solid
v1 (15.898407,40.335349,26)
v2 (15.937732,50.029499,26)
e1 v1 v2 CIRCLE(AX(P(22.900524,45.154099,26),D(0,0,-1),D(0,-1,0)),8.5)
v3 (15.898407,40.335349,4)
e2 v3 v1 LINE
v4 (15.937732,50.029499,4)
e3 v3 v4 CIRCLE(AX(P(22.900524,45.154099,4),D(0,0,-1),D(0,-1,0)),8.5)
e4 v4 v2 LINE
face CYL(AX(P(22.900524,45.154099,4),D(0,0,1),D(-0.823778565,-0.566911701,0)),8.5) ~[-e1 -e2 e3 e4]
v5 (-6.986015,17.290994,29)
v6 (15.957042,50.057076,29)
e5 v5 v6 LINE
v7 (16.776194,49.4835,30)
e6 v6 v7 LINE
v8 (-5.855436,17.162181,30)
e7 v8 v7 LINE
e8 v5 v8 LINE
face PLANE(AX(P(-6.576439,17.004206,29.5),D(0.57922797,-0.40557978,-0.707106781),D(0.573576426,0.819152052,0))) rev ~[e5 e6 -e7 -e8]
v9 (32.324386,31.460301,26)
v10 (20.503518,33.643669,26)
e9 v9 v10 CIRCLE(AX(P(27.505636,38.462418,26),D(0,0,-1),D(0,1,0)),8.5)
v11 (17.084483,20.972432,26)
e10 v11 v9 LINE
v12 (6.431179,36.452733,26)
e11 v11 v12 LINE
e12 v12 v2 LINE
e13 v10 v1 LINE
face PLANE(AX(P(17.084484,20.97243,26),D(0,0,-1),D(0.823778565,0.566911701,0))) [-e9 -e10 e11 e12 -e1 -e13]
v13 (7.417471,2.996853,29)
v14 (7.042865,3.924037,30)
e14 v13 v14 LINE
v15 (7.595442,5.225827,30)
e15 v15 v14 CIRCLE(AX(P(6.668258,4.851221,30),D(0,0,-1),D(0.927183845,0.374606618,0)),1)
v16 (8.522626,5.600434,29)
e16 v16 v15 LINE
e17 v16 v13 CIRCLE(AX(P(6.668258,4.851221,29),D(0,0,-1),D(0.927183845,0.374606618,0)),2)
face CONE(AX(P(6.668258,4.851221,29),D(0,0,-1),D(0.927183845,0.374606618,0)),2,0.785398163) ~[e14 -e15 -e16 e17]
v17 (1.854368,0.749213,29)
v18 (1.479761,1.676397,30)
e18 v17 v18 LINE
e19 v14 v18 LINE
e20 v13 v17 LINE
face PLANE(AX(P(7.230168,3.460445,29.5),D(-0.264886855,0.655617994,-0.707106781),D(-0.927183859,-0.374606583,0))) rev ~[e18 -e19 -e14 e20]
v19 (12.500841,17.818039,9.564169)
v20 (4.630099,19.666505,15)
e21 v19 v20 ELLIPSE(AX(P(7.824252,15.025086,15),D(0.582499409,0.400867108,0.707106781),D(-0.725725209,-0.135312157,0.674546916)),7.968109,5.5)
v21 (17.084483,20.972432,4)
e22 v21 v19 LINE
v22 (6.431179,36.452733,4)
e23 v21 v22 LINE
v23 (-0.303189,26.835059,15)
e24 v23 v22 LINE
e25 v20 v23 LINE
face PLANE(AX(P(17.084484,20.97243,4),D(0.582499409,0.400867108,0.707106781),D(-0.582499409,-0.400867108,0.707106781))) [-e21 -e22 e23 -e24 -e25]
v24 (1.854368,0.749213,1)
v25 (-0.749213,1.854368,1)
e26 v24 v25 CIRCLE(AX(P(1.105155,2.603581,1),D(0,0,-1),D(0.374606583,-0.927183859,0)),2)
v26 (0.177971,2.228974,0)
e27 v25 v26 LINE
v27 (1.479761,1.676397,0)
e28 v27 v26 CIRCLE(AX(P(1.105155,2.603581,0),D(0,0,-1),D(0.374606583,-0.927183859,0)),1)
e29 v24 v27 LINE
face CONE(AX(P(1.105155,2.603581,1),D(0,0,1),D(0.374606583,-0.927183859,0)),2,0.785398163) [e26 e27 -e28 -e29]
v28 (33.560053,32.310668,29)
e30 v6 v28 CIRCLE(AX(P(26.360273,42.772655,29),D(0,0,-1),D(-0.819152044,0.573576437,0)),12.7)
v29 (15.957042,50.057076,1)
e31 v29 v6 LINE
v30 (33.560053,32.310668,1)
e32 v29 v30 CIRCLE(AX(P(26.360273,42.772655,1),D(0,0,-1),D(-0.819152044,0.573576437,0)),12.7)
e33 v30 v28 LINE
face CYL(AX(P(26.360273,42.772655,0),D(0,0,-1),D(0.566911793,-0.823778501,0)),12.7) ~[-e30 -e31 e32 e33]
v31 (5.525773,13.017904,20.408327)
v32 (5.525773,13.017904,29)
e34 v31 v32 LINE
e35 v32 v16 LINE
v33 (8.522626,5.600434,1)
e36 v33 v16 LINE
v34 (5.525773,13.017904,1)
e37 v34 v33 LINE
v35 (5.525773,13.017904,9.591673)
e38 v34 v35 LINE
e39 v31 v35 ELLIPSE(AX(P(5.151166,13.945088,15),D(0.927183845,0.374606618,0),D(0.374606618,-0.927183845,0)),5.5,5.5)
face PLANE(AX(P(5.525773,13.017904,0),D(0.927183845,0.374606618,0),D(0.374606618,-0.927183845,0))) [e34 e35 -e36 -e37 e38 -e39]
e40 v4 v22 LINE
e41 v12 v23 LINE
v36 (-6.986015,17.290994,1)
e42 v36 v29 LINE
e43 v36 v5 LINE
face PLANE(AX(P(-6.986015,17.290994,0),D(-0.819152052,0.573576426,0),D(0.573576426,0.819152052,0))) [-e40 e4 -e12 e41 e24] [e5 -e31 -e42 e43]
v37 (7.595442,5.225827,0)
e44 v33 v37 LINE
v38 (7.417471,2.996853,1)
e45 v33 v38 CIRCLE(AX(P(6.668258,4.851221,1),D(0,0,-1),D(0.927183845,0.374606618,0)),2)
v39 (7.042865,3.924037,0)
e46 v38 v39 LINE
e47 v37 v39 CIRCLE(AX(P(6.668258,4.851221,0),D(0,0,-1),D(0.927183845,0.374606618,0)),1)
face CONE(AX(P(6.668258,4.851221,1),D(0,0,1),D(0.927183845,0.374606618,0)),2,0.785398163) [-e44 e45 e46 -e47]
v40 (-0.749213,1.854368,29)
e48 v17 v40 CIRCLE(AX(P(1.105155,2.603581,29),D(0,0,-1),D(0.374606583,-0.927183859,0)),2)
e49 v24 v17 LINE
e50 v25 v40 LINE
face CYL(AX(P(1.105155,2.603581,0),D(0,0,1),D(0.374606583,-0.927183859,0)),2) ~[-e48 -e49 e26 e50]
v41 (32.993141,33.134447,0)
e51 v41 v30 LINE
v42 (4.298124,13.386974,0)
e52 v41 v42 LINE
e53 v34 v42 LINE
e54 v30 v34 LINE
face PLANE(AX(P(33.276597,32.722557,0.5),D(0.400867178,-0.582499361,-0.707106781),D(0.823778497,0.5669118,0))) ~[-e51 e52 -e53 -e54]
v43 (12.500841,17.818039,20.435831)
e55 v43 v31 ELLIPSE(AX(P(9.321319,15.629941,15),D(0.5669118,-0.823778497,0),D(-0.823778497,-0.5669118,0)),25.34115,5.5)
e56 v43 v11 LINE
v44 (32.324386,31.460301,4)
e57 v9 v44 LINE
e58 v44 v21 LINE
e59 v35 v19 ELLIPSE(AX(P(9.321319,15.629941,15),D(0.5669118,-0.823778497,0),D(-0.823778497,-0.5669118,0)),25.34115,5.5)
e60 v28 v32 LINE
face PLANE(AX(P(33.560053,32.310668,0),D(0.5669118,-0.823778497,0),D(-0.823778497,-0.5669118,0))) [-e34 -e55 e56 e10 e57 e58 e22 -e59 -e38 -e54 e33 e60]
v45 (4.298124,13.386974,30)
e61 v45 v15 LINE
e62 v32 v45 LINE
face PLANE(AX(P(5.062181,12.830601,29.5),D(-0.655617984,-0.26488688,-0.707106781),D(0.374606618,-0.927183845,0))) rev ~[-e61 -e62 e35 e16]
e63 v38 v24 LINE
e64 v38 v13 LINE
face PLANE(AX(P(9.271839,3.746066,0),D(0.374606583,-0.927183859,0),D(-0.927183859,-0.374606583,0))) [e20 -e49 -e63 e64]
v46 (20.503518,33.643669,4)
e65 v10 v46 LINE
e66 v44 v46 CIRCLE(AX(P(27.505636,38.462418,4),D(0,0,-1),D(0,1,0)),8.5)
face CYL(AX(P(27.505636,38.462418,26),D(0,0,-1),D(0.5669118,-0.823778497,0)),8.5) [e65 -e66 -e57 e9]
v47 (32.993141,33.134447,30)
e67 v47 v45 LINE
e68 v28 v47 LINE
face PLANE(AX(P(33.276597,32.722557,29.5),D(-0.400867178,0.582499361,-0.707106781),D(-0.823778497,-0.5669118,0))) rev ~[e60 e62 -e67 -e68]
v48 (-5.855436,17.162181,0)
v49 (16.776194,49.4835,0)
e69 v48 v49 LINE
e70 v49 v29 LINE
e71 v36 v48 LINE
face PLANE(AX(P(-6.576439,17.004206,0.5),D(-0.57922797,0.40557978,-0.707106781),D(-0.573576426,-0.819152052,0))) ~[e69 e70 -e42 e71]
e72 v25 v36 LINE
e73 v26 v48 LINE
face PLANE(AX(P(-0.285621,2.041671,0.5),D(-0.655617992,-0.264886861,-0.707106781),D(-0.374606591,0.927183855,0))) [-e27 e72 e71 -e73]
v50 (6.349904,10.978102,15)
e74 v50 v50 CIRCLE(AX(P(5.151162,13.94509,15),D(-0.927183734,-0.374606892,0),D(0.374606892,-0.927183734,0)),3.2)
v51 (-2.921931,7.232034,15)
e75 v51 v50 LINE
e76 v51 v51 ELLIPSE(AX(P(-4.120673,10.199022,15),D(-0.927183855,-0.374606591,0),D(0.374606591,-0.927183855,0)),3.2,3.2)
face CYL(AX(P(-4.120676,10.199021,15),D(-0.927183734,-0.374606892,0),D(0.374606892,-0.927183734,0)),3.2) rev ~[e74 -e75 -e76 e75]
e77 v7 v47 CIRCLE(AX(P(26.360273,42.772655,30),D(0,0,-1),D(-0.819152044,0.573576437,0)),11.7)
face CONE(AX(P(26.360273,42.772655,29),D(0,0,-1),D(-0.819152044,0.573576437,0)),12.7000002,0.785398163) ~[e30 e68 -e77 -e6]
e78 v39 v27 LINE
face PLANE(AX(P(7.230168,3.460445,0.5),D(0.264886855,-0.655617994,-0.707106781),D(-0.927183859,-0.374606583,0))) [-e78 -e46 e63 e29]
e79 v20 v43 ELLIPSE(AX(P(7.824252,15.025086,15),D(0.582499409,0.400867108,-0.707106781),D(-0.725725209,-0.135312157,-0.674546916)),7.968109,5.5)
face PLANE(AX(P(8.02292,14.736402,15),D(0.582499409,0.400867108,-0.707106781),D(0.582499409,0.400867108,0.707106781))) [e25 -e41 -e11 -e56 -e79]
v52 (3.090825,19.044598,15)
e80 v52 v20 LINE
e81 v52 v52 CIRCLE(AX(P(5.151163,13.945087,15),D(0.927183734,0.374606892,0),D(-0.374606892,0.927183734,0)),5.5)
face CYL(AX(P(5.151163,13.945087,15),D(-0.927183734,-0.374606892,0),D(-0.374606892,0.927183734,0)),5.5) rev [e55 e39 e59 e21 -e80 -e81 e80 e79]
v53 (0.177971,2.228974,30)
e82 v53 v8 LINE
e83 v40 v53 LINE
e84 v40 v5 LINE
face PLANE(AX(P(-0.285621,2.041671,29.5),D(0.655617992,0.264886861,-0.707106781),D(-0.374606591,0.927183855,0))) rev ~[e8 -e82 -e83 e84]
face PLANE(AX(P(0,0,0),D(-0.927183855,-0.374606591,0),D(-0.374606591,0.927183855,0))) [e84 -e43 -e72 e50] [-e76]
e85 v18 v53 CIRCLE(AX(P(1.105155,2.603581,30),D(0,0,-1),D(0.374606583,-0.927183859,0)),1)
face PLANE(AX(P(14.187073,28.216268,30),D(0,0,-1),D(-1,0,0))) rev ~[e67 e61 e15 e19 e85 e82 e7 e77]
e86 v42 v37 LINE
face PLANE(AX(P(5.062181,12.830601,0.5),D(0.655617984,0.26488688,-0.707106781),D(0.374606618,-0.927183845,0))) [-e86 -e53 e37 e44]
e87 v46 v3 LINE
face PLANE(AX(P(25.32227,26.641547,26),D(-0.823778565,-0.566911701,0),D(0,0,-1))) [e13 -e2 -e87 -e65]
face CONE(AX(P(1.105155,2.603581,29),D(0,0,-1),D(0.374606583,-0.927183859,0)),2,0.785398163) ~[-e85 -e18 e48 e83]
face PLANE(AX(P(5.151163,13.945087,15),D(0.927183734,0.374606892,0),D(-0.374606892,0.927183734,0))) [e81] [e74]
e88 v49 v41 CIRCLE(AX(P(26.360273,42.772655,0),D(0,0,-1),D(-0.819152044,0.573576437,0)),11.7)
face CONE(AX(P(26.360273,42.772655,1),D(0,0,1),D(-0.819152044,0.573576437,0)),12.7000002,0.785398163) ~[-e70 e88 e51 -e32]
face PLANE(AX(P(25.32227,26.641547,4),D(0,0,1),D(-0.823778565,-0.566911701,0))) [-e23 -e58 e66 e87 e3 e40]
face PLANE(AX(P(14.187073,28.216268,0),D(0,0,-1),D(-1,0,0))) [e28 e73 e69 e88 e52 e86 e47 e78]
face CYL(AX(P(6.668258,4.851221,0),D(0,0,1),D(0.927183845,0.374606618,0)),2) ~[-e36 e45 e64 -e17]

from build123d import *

# Parameters (mm, degrees)
PAD_DEPTH       = 30
POCKET_DEPTH    = 42.067391
FILLET_R        = 8.5
SKETCH002_R     = 3.2
POCKET001_DEPTH = 56.997477
SKETCH003_R     = 5.5
POCKET002_DEPTH = 46.997477
FILLET001_R     = 2
CHAMFER_SIZE    = 1


with BuildPart() as part:
    # Sketch → Pad (new body)
    with BuildSketch(Plane.XY):
        with BuildLine():
            Line((33.560053, 32.310668), (5.525773, 13.017904))
            Line((5.525773, 13.017904), (9.271839, 3.746066))
            Line((9.271839, 3.746066), (0, 0))
            Line((0, 0), (-6.986015, 17.290994))
            Line((-6.986015, 17.290994), (15.957042, 50.057076))
            ThreePointArc((33.560053, 32.310668), (35.376884, 51.716409), (15.957042, 50.057076))
        make_face()
    extrude(amount=PAD_DEPTH)

    # Sketch001 (on Face1 of Pad) → Pocket (cut, through all)
    with BuildSketch(Plane(origin=(-4.303566, 6.253504, 0), x_dir=(0.823779, 0.566912, 0), z_dir=(0.566912, -0.823779, 0))):
        Polygon((25.963349, 4), (14.963349, 15), (25.963349, 26), (35.963349, 26), (35.963349, 4), align=None)
    extrude(amount=-POCKET_DEPTH, mode=Mode.SUBTRACT)

    # Fillet
    fillet_edges = [part.edges().sort_by_distance(p)[0] for p in [
        (12.55333, 45.196071, 15),
        (25.322268, 26.64155, 15),
    ]]
    fillet(fillet_edges, radius=FILLET_R)

    # Sketch002 (on Face15 of Fillet) → Pocket001 (cut, through all)
    with BuildSketch(Plane(origin=(0, 0, 0), x_dir=(0.374607, -0.927184, 0), z_dir=(-0.927184, -0.374607, 0))):
        with Locations((-11, 15)):
            Circle(SKETCH002_R)
    extrude(amount=-POCKET001_DEPTH, mode=Mode.SUBTRACT)

    # Sketch003 (on Face5 of Pocket001) → Pocket002 (cut, through all)
    with BuildSketch(Plane(origin=(9.271839, 3.746066, 0), x_dir=(-0.374607, 0.927184, 0), z_dir=(0.927184, 0.374607, 0))):
        with Locations((11, 15)):
            Circle(SKETCH003_R)
    extrude(amount=POCKET002_DEPTH, mode=Mode.SUBTRACT)

    # Fillet001
    fillet001_edges = [part.edges().sort_by_distance(p)[0] for p in [
        (9.271839, 3.746066, 15),
        (0, 0, 15),
    ]]
    fillet(fillet001_edges, radius=FILLET001_R)

    # Chamfer
    chamfer_edges = [part.edges().sort_by_distance(p)[0] for p in [
        (7.024199, 9.309169, 0),
        (8.509267, 4.069758, 0),
        (19.542913, 22.664286, 0),
        (4.635919, 1.873033, 0),
        (35.376884, 51.716409, 0),
        (0.323692, 0.762571, 0),
        (4.485514, 33.674035, 0),
        (-3.867614, 9.572681, 0),
        (7.024199, 9.309169, 30),
        (8.509267, 4.069758, 30),
        (19.542913, 22.664286, 30),
        (4.635919, 1.873033, 30),
        (35.376884, 51.716409, 30),
        (0.323692, 0.762571, 30),
        (4.485514, 33.674035, 30),
        (-3.867614, 9.572681, 30),
    ]]
    chamfer(chamfer_edges, length=CHAMFER_SIZE)


solid = part.part
